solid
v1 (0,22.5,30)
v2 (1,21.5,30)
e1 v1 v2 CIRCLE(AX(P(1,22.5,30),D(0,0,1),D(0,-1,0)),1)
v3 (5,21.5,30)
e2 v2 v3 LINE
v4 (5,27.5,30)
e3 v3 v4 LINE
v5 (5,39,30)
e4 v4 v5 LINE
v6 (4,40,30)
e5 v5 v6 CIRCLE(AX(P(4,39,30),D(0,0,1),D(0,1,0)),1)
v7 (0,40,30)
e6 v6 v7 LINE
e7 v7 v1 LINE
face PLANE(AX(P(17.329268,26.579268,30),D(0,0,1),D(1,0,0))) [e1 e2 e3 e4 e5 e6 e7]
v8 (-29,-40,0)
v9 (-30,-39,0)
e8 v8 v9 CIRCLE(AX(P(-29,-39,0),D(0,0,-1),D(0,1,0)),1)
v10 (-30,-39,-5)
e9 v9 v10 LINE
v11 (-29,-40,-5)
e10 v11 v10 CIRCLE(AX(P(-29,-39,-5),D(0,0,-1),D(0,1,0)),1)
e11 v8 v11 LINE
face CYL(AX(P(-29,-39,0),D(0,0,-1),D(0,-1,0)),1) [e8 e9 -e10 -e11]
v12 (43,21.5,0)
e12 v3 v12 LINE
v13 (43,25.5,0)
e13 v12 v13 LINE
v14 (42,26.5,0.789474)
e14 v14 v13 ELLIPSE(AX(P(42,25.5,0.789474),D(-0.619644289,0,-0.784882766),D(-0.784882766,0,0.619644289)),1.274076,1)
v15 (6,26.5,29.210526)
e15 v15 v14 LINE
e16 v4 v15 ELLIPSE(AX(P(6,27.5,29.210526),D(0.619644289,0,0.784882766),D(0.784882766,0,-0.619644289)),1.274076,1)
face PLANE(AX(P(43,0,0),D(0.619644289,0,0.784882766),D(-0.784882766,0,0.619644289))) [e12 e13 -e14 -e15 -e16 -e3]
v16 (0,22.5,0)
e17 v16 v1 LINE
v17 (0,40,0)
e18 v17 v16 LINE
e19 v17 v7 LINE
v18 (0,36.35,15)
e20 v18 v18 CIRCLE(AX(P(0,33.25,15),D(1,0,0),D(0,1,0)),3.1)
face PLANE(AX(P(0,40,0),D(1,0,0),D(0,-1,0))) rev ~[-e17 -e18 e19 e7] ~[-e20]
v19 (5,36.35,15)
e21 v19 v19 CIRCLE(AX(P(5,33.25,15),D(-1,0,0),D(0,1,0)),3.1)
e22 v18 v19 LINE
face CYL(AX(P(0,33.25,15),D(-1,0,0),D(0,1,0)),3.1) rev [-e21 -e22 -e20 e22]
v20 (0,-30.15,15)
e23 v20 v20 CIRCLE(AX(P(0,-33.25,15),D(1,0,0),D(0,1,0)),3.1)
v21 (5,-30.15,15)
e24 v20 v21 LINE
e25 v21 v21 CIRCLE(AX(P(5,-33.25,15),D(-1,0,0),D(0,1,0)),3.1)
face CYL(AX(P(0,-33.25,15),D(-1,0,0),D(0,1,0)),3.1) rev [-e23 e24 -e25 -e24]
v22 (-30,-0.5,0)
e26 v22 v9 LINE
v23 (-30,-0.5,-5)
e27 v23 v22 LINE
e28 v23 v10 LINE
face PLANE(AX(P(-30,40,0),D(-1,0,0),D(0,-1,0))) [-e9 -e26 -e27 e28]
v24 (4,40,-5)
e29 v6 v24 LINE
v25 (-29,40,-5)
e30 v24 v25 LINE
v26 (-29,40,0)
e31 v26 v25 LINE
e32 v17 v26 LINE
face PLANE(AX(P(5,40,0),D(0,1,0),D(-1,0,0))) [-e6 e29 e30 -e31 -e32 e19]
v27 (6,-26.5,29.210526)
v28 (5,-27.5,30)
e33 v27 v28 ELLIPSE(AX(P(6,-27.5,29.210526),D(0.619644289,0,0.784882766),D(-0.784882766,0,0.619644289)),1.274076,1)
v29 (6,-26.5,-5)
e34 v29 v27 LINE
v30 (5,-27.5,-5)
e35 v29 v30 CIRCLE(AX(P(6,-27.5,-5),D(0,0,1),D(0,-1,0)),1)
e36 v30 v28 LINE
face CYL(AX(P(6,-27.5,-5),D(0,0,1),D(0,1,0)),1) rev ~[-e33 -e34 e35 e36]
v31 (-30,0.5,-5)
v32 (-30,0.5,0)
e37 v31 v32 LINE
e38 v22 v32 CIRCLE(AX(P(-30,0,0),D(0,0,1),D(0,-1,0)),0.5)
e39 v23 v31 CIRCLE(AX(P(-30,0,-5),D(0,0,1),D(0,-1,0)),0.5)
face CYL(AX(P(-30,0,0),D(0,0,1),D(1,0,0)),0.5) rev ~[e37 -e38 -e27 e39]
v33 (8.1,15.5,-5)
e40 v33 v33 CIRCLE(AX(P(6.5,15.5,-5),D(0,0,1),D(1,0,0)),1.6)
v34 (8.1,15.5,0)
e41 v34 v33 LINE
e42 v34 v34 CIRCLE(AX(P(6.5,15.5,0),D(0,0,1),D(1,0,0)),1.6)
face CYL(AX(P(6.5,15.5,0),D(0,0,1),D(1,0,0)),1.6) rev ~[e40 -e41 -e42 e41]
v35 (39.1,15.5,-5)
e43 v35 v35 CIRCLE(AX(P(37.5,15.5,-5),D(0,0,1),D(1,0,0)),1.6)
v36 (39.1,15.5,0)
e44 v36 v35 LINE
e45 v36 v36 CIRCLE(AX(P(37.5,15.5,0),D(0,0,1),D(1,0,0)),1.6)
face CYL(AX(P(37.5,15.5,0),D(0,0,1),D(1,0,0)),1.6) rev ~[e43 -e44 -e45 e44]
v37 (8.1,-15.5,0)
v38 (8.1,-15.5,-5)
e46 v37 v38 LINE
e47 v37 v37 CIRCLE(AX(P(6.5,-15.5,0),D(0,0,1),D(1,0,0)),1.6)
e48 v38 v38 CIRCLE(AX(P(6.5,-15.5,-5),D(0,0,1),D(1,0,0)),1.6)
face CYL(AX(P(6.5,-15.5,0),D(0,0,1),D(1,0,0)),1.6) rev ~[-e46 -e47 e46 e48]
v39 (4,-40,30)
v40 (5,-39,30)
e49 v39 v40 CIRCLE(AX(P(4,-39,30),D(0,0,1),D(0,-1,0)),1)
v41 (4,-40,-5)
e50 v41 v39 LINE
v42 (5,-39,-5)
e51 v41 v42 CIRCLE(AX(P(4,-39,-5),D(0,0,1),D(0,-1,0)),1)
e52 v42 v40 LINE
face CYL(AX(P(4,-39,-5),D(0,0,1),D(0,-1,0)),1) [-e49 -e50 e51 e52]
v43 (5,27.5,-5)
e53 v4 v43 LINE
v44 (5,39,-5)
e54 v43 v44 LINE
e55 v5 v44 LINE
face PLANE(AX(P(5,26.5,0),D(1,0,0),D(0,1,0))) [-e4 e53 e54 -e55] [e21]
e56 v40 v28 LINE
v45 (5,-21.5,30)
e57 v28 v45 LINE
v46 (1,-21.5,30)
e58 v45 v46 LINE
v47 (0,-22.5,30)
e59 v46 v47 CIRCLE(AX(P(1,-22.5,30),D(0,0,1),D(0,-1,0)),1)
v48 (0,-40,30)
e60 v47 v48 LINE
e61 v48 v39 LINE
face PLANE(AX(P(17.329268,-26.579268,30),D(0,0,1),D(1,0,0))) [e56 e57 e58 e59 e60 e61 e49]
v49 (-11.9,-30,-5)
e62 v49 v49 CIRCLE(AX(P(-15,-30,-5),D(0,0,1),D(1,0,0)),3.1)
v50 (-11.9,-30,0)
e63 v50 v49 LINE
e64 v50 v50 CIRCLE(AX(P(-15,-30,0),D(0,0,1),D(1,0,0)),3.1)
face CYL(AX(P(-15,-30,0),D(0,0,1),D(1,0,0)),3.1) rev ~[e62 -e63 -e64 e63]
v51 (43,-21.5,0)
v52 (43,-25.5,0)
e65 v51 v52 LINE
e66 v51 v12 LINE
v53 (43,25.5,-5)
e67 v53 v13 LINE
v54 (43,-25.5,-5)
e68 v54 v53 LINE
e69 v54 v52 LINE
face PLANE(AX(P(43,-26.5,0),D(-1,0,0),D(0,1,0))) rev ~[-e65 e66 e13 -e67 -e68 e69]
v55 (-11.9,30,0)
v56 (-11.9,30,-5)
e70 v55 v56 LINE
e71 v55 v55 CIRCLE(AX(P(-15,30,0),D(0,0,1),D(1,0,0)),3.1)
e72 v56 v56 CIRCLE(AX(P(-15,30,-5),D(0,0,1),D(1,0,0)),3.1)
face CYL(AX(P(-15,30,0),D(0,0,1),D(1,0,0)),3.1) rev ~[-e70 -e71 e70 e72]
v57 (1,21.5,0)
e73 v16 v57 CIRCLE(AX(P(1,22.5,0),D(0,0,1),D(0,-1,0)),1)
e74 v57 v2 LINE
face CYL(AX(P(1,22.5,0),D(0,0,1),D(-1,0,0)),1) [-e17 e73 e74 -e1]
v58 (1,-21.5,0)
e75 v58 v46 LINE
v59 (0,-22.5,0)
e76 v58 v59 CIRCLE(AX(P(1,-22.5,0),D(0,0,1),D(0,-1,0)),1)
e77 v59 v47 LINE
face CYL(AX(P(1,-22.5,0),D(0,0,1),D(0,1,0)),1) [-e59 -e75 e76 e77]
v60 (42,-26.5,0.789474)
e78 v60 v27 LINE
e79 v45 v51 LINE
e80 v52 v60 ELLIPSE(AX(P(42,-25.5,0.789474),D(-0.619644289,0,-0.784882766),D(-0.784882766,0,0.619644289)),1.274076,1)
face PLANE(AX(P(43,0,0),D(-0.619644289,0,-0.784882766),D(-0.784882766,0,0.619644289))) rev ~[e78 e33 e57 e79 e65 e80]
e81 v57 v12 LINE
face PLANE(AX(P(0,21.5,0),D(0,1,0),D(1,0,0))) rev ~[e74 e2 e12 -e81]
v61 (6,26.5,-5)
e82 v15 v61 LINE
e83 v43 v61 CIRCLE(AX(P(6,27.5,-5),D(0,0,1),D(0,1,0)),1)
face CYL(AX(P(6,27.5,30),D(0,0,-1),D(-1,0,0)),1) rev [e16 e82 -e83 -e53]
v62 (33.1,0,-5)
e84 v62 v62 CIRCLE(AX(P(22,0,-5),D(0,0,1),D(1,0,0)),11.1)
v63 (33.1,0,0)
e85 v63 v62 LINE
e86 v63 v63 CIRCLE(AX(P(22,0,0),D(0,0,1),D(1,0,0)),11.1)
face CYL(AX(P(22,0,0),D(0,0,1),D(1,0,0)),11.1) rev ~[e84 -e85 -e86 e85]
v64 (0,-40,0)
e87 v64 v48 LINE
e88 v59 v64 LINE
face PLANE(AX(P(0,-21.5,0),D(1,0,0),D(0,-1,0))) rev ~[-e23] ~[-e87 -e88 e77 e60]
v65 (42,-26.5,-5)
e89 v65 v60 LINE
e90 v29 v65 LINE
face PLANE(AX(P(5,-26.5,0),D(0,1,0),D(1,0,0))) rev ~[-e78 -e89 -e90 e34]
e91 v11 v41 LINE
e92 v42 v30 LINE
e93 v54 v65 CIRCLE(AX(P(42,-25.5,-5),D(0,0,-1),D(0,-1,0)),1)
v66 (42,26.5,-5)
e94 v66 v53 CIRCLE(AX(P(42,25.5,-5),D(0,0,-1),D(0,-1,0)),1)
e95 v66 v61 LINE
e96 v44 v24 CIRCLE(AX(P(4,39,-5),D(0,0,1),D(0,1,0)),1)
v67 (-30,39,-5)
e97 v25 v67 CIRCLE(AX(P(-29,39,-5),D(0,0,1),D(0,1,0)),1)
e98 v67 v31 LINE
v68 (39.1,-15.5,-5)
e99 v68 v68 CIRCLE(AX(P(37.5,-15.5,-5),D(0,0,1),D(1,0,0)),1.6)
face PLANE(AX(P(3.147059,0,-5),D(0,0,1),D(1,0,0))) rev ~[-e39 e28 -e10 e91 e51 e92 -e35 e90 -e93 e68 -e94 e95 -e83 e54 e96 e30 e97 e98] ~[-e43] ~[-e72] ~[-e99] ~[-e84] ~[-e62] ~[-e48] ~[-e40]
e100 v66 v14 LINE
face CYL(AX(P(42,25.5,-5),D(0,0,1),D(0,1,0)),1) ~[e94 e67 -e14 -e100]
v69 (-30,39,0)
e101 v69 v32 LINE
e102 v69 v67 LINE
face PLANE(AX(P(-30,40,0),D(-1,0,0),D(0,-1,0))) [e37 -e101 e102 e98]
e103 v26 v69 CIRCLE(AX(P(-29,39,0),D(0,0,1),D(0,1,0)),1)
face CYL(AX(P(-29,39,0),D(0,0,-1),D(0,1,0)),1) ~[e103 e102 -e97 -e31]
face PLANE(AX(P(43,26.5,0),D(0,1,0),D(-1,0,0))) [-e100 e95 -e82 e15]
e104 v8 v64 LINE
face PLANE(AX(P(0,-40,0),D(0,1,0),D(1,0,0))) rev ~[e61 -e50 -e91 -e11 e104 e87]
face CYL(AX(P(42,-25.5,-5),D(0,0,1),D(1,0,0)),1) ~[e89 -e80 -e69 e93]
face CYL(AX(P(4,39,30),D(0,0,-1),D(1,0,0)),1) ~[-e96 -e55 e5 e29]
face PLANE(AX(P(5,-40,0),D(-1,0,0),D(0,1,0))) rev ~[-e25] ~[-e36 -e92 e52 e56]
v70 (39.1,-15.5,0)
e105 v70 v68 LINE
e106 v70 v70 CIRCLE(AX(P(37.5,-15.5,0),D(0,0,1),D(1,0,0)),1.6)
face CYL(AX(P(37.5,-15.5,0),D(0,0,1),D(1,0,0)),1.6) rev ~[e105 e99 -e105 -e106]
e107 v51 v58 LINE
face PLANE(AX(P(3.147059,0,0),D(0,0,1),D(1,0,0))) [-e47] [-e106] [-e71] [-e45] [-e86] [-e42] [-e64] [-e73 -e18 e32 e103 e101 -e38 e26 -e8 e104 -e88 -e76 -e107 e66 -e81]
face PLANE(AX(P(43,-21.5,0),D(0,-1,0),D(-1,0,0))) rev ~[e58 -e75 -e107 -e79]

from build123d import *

# Parameters (mm, degrees)
SKETCH_R             = 11.1
SKETCH_R_2           = 3.1
SKETCH_R_3           = 1.6
PAD_DEPTH            = 5
PAD001_DEPTH         = 30
SKETCH002_R          = 3.1
POCKET_DEPTH         = 43.001
POCKET001_DEPTH      = 40.001
POCKET001_DEPTH_BACK = -40.001
FILLET_R             = 1
SKETCH004_R          = 0.5
POCKET002_DEPTH      = 5.001
POCKET002_DEPTH_BACK = -30.001


with BuildPart() as part:
    # Sketch → Pad (new body)
    with BuildSketch(Plane.XY):
        Polygon((-30, 40), (-30, -40), (5, -40), (5, -26.5), (43, -26.5), (43, 26.5), (5, 26.5), (5, 40), align=None)
        with Locations((22, 0)):
            Circle(SKETCH_R, mode=Mode.SUBTRACT)
        with Locations((-15, 30)):
            Circle(SKETCH_R_2, mode=Mode.SUBTRACT)
        with Locations((-15, -30)):
            Circle(SKETCH_R_2, mode=Mode.SUBTRACT)
        with Locations((6.5, -15.5)):
            Circle(SKETCH_R_3, mode=Mode.SUBTRACT)
        with Locations((37.5, -15.5)):
            Circle(SKETCH_R_3, mode=Mode.SUBTRACT)
        with Locations((37.5, 15.5)):
            Circle(SKETCH_R_3, mode=Mode.SUBTRACT)
        with Locations((6.5, 15.5)):
            Circle(SKETCH_R_3, mode=Mode.SUBTRACT)
    extrude(amount=-PAD_DEPTH)

    # Sketch001 → Pad001 (join)
    with BuildSketch(Plane.XY):
        Polygon((0, -40), (5, -40), (5, -26.5), (43, -26.5), (43, -21.5), (0, -21.5), align=None)
        Polygon((0, 21.5), (43, 21.5), (43, 26.5), (5, 26.5), (5, 40), (0, 40), align=None)
    extrude(amount=PAD001_DEPTH)

    # Sketch002 → Pocket (cut, through all)
    with BuildSketch(Plane.YZ):
        with Locations((-33.25, 15)):
            Circle(SKETCH002_R)
        with Locations((33.25, 15)):
            Circle(SKETCH002_R)
    extrude(amount=POCKET_DEPTH, mode=Mode.SUBTRACT)

    # Sketch003 → Pocket001 (cut, two sides)
    with BuildSketch(Plane.XZ) as pocket001_sk:
        Polygon((5, 30), (43, 30), (43, 0), align=None)
    extrude(amount=-POCKET001_DEPTH, mode=Mode.SUBTRACT)
    extrude(pocket001_sk.sketch, amount=-POCKET001_DEPTH_BACK, mode=Mode.SUBTRACT)

    # Fillet
    fillet_edges = [part.edges().sort_by_distance(p)[0] for p in [
        (5, -26.5, 12.5),
        (5, 26.5, 12.5),
        (43, 26.5, -2.5),
        (43, -26.5, -2.5),
        (0, -21.5, 15),
        (0, 21.5, 15),
        (5, -40, 12.5),
        (5, 40, 12.5),
        (-30, 40, -2.5),
        (-30, -40, -2.5),
    ]]
    fillet(fillet_edges, radius=FILLET_R)

    # Sketch004 (on Face2 of Fillet) → Pocket002 (cut, two sides)
    with BuildSketch(Plane.XY) as pocket002_sk:
        with Locations((-30, 0)):
            Circle(SKETCH004_R)
    extrude(amount=-POCKET002_DEPTH, mode=Mode.SUBTRACT)
    extrude(pocket002_sk.sketch, amount=-POCKET002_DEPTH_BACK, mode=Mode.SUBTRACT)


solid = part.part
